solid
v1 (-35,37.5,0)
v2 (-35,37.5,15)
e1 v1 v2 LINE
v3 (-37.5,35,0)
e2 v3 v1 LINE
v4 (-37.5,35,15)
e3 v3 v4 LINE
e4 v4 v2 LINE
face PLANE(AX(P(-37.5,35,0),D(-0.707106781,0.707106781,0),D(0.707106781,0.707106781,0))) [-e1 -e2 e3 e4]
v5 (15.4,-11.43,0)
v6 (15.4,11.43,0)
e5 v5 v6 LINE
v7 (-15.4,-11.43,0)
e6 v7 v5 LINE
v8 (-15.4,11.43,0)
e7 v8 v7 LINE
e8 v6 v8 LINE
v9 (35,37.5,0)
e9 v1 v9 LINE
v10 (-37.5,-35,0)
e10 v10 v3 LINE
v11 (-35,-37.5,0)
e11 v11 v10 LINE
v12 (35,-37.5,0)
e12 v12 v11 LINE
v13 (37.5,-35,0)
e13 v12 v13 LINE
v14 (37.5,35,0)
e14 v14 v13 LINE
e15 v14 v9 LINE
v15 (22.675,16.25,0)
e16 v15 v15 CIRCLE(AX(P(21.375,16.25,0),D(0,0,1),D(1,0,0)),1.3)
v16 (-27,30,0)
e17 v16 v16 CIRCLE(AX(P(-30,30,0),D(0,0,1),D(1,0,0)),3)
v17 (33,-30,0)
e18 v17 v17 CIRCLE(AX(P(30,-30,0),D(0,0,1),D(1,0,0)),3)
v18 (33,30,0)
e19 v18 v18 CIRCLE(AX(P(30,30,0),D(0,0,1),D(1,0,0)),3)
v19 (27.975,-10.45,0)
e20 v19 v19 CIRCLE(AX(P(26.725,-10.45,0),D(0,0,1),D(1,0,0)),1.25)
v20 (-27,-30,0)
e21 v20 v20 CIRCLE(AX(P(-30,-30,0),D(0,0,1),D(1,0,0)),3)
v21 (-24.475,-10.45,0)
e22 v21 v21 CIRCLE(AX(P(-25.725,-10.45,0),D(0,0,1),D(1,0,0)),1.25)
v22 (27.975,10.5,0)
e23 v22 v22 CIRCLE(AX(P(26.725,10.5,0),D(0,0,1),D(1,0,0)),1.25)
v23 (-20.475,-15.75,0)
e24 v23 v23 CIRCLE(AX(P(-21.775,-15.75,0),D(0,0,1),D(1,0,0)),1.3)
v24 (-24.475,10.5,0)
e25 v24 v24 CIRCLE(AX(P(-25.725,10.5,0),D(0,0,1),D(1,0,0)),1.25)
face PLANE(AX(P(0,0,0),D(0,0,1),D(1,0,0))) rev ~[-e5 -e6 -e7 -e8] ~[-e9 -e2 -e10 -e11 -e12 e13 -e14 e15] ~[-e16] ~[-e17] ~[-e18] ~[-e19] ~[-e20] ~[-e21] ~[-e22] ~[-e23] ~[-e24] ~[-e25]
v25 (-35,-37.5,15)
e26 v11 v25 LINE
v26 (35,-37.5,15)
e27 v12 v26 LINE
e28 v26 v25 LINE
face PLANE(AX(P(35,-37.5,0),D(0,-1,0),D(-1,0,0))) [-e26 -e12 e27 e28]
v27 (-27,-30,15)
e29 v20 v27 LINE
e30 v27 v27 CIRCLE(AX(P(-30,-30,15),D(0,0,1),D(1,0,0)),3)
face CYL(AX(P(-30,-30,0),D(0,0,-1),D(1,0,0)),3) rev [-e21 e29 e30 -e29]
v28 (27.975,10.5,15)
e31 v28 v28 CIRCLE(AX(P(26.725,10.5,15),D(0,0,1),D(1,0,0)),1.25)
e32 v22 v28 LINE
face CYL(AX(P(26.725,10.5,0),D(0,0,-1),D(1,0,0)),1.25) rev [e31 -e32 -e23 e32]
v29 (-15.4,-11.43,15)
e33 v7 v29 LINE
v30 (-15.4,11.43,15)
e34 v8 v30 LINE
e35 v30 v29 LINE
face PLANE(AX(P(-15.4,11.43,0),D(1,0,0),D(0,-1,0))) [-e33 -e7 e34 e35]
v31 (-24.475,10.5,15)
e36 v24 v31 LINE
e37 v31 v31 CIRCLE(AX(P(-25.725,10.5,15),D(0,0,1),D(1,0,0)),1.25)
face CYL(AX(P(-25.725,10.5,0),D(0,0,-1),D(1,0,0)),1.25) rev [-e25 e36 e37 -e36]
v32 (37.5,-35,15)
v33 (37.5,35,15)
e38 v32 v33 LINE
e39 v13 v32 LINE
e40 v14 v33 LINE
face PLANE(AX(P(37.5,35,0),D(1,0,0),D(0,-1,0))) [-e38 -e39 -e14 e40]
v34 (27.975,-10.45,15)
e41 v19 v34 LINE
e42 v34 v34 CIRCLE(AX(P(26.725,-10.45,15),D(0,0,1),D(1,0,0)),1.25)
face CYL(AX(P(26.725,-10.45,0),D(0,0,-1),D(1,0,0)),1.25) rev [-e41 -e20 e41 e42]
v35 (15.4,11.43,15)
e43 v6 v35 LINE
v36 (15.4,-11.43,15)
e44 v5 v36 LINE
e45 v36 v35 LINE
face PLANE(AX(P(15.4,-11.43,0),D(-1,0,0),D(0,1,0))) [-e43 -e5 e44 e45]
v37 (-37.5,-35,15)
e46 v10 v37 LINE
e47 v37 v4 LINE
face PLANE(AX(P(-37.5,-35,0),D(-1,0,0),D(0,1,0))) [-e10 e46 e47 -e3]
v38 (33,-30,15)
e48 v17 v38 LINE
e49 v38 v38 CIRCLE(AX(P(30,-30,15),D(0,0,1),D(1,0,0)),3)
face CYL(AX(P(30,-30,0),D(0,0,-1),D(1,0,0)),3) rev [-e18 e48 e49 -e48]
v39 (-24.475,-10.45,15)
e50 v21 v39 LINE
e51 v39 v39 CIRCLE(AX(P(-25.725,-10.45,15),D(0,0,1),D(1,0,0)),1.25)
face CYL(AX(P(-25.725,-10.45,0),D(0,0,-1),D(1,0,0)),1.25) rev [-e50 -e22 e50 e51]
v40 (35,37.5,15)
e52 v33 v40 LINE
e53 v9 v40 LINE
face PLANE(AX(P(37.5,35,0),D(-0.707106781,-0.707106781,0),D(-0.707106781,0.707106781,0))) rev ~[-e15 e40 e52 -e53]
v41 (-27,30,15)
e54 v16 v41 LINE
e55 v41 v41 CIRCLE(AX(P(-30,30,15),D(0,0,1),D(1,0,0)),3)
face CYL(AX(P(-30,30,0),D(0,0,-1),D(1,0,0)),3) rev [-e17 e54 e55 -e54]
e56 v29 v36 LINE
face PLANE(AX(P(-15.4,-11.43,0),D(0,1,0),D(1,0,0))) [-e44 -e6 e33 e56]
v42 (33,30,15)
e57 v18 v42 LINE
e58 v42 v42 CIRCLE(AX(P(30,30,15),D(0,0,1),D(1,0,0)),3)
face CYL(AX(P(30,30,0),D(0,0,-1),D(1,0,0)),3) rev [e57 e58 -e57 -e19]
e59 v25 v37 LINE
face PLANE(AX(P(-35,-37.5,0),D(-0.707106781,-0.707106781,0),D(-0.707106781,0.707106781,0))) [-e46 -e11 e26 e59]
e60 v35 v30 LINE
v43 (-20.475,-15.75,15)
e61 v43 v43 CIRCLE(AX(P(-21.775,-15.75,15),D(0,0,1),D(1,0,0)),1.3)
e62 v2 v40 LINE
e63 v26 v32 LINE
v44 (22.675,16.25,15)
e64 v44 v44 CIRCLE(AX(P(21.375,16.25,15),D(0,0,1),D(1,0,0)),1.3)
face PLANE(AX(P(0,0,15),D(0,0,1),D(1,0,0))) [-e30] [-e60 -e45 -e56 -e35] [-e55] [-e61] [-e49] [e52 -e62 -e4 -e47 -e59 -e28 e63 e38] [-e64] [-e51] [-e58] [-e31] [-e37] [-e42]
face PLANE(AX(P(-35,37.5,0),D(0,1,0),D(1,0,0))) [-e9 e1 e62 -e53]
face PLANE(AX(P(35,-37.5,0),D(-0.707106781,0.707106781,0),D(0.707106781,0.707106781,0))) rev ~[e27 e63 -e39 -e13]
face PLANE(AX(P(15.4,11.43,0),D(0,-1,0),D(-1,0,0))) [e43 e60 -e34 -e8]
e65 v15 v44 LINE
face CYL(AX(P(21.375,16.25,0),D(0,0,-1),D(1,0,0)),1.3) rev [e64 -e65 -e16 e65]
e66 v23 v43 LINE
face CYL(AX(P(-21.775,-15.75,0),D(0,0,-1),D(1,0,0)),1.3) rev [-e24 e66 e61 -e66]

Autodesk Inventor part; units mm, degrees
ref_plane "YZ Plane" through (0, 0, 0) normal (1, 0, 0) x (0, 1, 0)
ref_plane "XZ Plane" through (0, 0, 0) normal (0, 1, 0) x (-1, 0, 0)
ref_plane "XY Plane" through (0, 0, 0) normal (0, 0, 1) x (1, 0, 0)
sketch "Szkic1" plane through (0, 0, 0) normal (0, 0, 1) x (1, 0, 0)
  circle A0 centre (26.725, -10.45) radius 2 projected
  circle A1 centre (26.725, 10.5) radius 2 projected
  circle A2 centre (-25.725, 10.5) radius 2 projected
  circle A3 centre (-25.725, -10.45) radius 2 projected
  arc A4 (8.5, -8.7) -> (12.7, -4.5) centre (8.5, -4.5) ccw projected
  line L0 (8.5, -8.7) -> (-8.5, -8.7) projected
  arc A5 (-12.7, -4.5) -> (-8.5, -8.7) centre (-8.5, -4.5) ccw projected
  line L1 (-12.7, -4.5) -> (-12.7, 4.5) projected
  arc A6 (-8.5, 8.7) -> (-12.7, 4.5) centre (-8.5, 4.5) ccw projected
  line L2 (-8.5, 8.7) -> (8.5, 8.7) projected
  arc A7 (12.7, 4.5) -> (8.5, 8.7) centre (8.5, 4.5) ccw projected
  line L3 (12.7, 4.5) -> (12.7, -4.5) projected
  line L4 (-15.4, -11.43) -> (15.4, -11.43) projected
  line L5 (15.4, -11.43) -> (15.4, 11.43) projected
  line L6 (15.4, 11.43) -> (-15.4, 11.43) projected
  line L7 (-15.4, 11.43) -> (-15.4, -11.43) projected
  arc A8 (-22.3826, -16.8424) -> (-22.8674, -16.3576) centre (-21.775, -15.75) ccw projected
  line L8 (-22.8674, -16.3576) -> (-22.3826, -16.8424) projected
  line L9 (5.5, 4.125) -> (-5.5, 4.125) projected
  line L10 (-5.5, 4.125) -> (-5.5, -4.125) projected
  line L11 (-5.5, -4.125) -> (5.5, -4.125) projected
  line L12 (5.5, -4.125) -> (5.5, 4.125) projected
  circle A9 centre (26.725, -10.45) radius 1.25
  circle A10 centre (26.725, 10.5) radius 1.25
  circle A11 centre (-25.725, 10.5) radius 1.25
  circle A12 centre (-25.725, -10.45) radius 1.25
  circle A13 centre (-21.775, -15.75) radius 1.3
  line L13 (174.975, -22.05) -> (-23.025, -22.05) projected
  line L14 (-35.025, -22.05) -> (20.575, -22.05) projected
  line L15 (-35.025, -22.05) -> (-35.025, -23.55) projected
  line L16 (30, -30) -> (-30, -30) construction
  line L17 (-30, -30) -> (-30, 30) construction
  line L18 (-30, 30) -> (30, 30) construction
  line L19 (30, 30) -> (30, -30) construction
  line L20 (30, -30) -> (-30, 30) construction
  line L21 (-30, -30) -> (30, 30) construction
  line L22 (35, -37.5) -> (-35, -37.5)
  line L23 (-37.5, -35) -> (-37.5, 35)
  line L24 (-35, 37.5) -> (35, 37.5)
  line L25 (37.5, 35) -> (37.5, -35)
  line L26 (37.5, -37.5) -> (-37.5, 37.5) construction
  line L27 (-37.5, -37.5) -> (37.5, 37.5) construction
  circle A14 centre (30, 30) radius 3
  circle A15 centre (30, -30) radius 3
  circle A16 centre (-30, -30) radius 3
  circle A17 centre (-30, 30) radius 3
  line L28 (35, -37.5) -> (37.5, -35)
  line L29 (37.5, 35) -> (35, 37.5)
  line L30 (-37.5, 35) -> (-35, 37.5)
  line L31 (-35, -37.5) -> (-37.5, -35)
  circle A18 centre (21.375, 16.25) radius 1.25 projected
  circle A19 centre (21.375, 16.25) radius 1.3
  line L32 (-15.4, -11.43) -> (-15.4, 11.43) projected
  line L33 (-15.4, 11.43) -> (15.4, 11.43) projected
  line L34 (15.4, 11.43) -> (15.4, -11.43) projected
  line L35 (15.4, -11.43) -> (-15.4, -11.43) projected
  line L36 (-17.907, -13.97) -> (17.907, -13.97) projected
  line L37 (17.907, -13.97) -> (17.907, 13.97) projected
  line L38 (17.907, 13.97) -> (-17.907, 13.97) projected
  line L39 (-17.907, 13.97) -> (-17.907, -13.97) projected
  line L40 (-16, 12) -> (16, 12)
  line L41 (16, 12) -> (16, -12)
  line L42 (16, -12) -> (-16, -12)
  line L43 (-16, -12) -> (-16, 12)
  line L44 (-16, 12) -> (16, -12) construction
  line L45 (16, 12) -> (-16, -12) construction
  point P0 (0, 0)
  dimension "d0" = 2.5
  dimension "d1" = 2.6
  dimension "d3" = 60
  dimension "d4" = 75
  dimension "d5" = 6
  dimension "d6" = 2.5
  dimension "d7" = 2.5
  dimension "d8" = 2.5
  dimension "d9" = 2.5
  dimension "d10" = 2.5
  dimension "d11" = 2.5
  dimension "d12" = 2.5
  dimension "d13" = 2.5
  dimension "d14" = 2.6
  dimension "d21" = 32
  dimension "d22" = 24
extrude "Wyciągnięcie proste1" add sketch "Szkic1" along normal blind 15 contours A0 | A1 | A2 | A3 | L22 L31 L23 L30 L24 L29 L25 L28 | L39 L38 L37 L36 | L40 L41 L42 L43
equation "\"d7\" = d6"
equation "\"d8\" = d6"
equation "\"d9\" = d8"
equation "\"d10\" = d6"
equation "\"d11\" = d10"
equation "\"d12\" = d6"
equation "\"d13\" = d12"
properties part number "mocowanie_DLP"
